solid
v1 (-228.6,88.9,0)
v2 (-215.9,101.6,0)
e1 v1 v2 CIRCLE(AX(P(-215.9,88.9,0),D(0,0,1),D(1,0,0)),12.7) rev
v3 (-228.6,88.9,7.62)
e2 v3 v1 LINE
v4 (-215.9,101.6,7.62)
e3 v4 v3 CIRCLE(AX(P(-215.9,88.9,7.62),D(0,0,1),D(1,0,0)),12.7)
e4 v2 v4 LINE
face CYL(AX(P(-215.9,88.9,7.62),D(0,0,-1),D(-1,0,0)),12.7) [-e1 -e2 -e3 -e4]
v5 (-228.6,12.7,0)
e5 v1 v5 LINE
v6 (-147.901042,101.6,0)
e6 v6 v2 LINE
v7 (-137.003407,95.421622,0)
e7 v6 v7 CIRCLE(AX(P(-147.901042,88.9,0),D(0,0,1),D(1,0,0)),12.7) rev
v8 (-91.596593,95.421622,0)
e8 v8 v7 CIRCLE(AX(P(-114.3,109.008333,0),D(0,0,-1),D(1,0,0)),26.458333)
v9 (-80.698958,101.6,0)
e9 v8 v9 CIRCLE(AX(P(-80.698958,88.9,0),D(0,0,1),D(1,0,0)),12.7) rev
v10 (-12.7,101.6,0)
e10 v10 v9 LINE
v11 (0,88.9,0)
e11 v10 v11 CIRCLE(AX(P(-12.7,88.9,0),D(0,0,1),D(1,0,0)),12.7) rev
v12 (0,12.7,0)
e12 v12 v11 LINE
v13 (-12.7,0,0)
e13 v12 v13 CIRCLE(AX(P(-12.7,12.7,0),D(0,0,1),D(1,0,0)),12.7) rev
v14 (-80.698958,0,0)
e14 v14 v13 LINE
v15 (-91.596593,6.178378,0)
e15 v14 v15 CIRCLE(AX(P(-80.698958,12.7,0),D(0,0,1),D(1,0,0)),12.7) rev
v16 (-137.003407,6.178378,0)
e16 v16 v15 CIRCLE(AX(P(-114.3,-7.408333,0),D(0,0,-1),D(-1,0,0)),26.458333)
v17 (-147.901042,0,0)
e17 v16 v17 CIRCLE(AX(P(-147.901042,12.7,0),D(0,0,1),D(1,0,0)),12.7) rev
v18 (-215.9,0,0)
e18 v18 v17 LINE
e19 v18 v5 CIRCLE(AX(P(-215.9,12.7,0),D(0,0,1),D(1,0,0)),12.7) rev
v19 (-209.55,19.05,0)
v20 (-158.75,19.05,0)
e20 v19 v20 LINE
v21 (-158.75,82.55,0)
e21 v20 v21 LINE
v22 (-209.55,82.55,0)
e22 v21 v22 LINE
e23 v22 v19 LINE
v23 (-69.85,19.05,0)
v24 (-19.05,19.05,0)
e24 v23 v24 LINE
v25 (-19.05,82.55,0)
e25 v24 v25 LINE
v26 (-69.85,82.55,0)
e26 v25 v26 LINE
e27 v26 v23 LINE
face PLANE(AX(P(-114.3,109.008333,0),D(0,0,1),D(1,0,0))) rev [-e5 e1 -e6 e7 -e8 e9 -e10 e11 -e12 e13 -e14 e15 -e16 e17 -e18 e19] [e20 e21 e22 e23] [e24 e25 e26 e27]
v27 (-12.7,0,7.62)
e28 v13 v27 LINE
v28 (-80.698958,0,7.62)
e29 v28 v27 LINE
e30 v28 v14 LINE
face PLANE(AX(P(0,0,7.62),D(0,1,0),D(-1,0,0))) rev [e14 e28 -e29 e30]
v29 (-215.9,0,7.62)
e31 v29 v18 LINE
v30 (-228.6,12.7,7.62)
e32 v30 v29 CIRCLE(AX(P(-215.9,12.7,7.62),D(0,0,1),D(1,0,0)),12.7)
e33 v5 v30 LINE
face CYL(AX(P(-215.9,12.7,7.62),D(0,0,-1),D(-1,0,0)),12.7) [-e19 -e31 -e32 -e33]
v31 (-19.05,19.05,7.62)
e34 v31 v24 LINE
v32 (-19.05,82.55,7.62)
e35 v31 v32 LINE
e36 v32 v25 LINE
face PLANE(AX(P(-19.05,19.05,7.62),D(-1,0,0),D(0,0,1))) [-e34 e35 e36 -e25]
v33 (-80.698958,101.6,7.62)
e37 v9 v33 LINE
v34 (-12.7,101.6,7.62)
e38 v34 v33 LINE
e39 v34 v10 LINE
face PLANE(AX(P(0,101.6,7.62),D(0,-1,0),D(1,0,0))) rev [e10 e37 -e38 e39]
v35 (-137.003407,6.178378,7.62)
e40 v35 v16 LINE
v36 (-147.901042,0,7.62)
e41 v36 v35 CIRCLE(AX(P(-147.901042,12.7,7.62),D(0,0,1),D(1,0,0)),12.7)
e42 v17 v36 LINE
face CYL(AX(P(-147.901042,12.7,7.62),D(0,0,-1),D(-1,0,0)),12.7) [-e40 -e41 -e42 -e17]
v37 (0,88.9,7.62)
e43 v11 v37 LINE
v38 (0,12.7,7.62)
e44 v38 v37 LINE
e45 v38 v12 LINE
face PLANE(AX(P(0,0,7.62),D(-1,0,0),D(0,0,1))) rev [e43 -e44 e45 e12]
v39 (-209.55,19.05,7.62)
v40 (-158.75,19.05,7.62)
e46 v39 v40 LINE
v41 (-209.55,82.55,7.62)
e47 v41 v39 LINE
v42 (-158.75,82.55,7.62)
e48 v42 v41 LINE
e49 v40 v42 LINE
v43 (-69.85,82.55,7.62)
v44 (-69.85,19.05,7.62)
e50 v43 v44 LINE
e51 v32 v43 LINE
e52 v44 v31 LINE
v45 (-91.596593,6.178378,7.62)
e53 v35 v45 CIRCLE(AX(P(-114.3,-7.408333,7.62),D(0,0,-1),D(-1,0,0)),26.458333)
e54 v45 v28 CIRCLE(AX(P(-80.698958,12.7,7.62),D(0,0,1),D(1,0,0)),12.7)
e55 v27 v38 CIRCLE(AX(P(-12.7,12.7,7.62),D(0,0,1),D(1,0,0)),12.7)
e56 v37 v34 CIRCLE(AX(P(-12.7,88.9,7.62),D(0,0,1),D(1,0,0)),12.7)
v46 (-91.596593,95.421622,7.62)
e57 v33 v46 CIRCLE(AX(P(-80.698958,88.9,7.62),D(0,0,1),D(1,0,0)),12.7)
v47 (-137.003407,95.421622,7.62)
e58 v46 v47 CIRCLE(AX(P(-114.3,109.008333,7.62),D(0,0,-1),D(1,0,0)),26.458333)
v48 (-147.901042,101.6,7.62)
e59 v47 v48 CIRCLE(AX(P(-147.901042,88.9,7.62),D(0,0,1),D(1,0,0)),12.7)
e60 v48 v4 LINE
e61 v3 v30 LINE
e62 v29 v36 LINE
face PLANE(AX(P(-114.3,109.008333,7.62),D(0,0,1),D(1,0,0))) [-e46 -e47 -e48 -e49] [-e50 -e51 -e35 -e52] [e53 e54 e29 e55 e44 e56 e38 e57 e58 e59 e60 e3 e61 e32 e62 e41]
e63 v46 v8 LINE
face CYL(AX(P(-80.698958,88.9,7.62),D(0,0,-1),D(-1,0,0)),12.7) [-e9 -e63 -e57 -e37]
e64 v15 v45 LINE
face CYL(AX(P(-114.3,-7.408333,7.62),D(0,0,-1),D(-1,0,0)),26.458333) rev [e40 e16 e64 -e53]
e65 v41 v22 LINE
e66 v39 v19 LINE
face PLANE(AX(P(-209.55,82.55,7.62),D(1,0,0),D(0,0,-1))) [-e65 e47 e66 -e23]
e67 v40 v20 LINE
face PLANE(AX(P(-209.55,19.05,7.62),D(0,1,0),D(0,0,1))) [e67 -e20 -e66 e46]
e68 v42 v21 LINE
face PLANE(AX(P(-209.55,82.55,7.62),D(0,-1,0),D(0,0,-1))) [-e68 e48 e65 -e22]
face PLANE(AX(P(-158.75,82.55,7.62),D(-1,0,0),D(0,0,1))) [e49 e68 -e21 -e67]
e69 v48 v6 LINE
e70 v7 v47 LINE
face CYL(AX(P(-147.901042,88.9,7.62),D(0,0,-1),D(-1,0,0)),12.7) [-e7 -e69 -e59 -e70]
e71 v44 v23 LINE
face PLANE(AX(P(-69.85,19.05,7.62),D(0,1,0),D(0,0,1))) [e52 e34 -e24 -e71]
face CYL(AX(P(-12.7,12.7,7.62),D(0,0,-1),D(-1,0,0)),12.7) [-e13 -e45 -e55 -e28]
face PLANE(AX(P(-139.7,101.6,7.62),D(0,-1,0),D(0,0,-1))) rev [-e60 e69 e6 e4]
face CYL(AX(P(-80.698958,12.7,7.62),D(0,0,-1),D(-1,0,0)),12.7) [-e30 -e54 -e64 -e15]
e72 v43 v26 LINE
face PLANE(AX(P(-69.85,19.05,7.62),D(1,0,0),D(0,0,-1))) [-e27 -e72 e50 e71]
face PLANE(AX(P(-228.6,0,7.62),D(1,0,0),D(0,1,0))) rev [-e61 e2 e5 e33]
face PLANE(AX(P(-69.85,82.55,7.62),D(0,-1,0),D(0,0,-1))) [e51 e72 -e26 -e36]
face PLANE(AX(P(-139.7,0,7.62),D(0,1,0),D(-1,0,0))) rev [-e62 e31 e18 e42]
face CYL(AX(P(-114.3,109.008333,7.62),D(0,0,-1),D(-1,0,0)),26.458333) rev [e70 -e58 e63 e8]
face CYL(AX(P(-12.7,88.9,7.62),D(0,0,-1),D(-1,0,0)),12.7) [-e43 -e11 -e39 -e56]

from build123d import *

# Parameters (mm, degrees)
SKETCH1_W           = 50.8
SKETCH1_H           = 63.5
BOSS_EXTRUDE1_DEPTH = 7.62
FILLET1_R           = 12.7


with BuildPart() as part:
    # Sketch1 → Boss-Extrude1 (new body)
    with BuildSketch(Plane.XY):
        with BuildLine():
            Line((0, 0), (-88.9, 0))
            ThreePointArc((-88.9, 0), (-114.3, 19.05), (-139.7, 0))
            Line((-139.7, 0), (-228.6, 0))
            Line((-228.6, 0), (-228.6, 101.6))
            Line((-228.6, 101.6), (-139.7, 101.6))
            ThreePointArc((-139.7, 101.6), (-114.3, 82.55), (-88.9, 101.6))
            Line((-88.9, 101.6), (0, 101.6))
            Line((0, 101.6), (0, 0))
        make_face()
        with Locations((-184.15, 50.8)):
            Rectangle(SKETCH1_W, SKETCH1_H, mode=Mode.SUBTRACT)
        with Locations((-44.45, 50.8)):
            Rectangle(SKETCH1_W, SKETCH1_H, mode=Mode.SUBTRACT)
    extrude(amount=BOSS_EXTRUDE1_DEPTH)

    # Fillet1
    fillet1_edges = [part.edges().sort_by_distance(p)[0] for p in [
        (0, 0, 3.81),
        (-88.9, 0, 3.81),
        (-139.7, 0, 3.81),
        (-228.6, 0, 3.81),
        (-228.6, 101.6, 3.81),
        (-139.7, 101.6, 3.81),
        (-88.9, 101.6, 3.81),
        (0, 101.6, 3.81),
    ]]
    fillet(fillet1_edges, radius=FILLET1_R)


solid = part.part
